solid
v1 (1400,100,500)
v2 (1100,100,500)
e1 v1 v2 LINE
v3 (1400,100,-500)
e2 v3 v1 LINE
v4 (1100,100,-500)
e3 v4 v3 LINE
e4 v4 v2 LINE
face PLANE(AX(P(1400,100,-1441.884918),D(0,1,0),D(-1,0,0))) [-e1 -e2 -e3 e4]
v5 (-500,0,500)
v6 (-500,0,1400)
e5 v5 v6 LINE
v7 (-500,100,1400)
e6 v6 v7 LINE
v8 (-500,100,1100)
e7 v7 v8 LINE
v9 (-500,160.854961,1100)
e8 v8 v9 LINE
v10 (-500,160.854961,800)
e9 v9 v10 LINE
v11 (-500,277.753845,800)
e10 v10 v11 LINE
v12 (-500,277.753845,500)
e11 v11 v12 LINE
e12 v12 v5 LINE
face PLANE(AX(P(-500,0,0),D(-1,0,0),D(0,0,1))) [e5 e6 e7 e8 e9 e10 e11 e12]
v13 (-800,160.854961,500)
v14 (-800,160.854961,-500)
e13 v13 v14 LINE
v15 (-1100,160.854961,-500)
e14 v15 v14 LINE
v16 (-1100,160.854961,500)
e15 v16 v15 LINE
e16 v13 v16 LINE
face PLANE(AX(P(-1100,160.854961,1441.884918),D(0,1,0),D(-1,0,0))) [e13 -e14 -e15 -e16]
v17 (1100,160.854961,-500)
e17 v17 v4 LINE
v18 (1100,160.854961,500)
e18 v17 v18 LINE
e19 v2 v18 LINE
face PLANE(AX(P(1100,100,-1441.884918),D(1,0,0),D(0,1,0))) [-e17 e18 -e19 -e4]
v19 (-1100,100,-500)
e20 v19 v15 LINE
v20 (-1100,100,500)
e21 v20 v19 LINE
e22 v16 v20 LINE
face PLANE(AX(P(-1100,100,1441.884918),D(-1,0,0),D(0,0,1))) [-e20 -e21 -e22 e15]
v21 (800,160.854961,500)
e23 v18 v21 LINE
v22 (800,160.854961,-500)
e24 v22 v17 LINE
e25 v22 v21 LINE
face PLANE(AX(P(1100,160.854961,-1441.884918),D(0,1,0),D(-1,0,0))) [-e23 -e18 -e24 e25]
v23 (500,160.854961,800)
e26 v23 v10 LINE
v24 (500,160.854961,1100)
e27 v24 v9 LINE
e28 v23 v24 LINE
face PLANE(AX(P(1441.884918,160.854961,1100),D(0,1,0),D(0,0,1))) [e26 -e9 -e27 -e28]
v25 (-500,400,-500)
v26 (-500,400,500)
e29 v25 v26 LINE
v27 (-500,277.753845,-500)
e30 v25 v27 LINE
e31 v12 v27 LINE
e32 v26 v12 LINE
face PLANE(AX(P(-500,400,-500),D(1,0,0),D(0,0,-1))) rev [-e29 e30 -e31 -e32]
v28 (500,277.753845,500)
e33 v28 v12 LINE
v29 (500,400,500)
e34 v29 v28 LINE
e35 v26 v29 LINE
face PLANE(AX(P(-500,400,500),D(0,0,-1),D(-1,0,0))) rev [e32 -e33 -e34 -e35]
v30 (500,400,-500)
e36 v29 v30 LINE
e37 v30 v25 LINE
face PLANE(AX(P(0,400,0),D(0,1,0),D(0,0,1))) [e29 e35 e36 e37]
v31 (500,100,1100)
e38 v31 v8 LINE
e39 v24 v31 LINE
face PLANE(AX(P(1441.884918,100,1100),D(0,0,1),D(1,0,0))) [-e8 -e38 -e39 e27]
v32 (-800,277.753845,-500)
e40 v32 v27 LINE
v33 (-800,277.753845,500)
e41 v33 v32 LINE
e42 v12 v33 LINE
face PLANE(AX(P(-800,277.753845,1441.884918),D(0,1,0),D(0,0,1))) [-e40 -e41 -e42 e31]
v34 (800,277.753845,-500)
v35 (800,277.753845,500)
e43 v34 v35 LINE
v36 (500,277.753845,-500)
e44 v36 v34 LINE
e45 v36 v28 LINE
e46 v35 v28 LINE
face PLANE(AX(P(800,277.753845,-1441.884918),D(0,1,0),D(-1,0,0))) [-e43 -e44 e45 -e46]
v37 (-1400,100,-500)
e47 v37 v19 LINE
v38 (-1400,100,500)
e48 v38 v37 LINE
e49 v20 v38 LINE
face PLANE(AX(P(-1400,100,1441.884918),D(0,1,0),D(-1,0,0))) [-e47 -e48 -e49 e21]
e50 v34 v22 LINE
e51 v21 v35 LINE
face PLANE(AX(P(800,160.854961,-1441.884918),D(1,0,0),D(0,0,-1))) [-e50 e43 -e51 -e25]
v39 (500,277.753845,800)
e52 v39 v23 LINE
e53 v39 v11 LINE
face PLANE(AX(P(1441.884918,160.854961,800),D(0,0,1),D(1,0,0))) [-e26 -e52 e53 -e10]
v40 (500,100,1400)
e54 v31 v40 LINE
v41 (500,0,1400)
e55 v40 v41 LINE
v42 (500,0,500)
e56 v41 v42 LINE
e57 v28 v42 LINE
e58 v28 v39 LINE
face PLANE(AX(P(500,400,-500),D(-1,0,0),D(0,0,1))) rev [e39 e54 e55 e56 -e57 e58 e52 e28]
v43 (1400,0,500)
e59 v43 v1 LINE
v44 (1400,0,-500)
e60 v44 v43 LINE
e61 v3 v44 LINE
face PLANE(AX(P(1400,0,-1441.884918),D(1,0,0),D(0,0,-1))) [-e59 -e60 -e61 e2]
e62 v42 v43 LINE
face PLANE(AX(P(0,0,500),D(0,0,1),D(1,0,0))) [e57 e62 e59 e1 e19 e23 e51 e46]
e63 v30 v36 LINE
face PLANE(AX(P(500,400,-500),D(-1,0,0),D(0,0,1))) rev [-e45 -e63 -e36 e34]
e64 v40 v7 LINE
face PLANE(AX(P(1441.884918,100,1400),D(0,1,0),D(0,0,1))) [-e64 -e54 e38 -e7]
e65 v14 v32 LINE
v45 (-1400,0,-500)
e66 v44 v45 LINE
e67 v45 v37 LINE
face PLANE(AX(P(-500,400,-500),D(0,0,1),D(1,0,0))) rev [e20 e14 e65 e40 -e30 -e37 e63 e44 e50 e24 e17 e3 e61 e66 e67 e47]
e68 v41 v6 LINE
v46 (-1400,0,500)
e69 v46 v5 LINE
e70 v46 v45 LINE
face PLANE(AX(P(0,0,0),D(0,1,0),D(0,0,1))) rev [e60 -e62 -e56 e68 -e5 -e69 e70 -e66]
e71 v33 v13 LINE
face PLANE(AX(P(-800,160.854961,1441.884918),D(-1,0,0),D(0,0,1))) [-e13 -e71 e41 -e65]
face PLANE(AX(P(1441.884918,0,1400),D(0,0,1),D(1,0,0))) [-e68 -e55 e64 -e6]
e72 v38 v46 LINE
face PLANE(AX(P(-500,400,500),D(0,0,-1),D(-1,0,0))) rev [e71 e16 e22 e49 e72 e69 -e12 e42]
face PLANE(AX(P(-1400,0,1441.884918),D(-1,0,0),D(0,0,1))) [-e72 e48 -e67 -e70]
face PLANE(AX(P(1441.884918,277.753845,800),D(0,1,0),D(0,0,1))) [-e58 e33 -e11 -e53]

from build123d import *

# Parameters (mm, degrees)
SKETCH_1_W      = 1000
SKETCH_1_H      = 1000
EXTRUDE_1_DEPTH = 400
EXTRUDE_2_DEPTH = 1000
EXTRUDE_3_DEPTH = 1000
EXTRUDE_4_DEPTH = 1000


with BuildPart() as part:
    # 草图1 → 凸台-拉伸1 (new body)
    with BuildSketch(Plane(origin=(0, 0, 0), x_dir=(1, 0, 0), z_dir=(0, 1, 0))):
        Rectangle(SKETCH_1_W, SKETCH_1_H)
    extrude(amount=EXTRUDE_1_DEPTH)

    # 草图2 → 凸台-拉伸2 (add)
    with BuildSketch(Plane(origin=(0, 0, -500), x_dir=(-1, 0, 0), z_dir=(0, 0, -1))):
        Polygon((500, 0), (1400, 0), (1400, 100), (1100, 100), (1100, 160.854960844), (800, 160.854960844), (800, 277.753844898), (500, 277.753844898), align=None)
    extrude(amount=-EXTRUDE_2_DEPTH)

    # 草图4 → 凸台-拉伸3 (add)
    with BuildSketch(Plane.ZY.offset(500)):
        Polygon((500, 0), (1400, 0), (1400, 100), (1100, 100), (1100, 160.854960844), (800, 160.854960844), (800, 277.753844898), (500, 277.753844898), align=None)
    extrude(amount=-EXTRUDE_3_DEPTH)

    # 草图5 → 凸台-拉伸4 (add)
    with BuildSketch(Plane.XY.offset(500)):
        Polygon((500, 0), (1400, 0), (1400, 100), (1100, 100), (1100, 160.854960844), (800, 160.854960844), (800, 277.753844898), (500, 277.753844898), align=None)
    extrude(amount=-EXTRUDE_4_DEPTH)


solid = part.part
